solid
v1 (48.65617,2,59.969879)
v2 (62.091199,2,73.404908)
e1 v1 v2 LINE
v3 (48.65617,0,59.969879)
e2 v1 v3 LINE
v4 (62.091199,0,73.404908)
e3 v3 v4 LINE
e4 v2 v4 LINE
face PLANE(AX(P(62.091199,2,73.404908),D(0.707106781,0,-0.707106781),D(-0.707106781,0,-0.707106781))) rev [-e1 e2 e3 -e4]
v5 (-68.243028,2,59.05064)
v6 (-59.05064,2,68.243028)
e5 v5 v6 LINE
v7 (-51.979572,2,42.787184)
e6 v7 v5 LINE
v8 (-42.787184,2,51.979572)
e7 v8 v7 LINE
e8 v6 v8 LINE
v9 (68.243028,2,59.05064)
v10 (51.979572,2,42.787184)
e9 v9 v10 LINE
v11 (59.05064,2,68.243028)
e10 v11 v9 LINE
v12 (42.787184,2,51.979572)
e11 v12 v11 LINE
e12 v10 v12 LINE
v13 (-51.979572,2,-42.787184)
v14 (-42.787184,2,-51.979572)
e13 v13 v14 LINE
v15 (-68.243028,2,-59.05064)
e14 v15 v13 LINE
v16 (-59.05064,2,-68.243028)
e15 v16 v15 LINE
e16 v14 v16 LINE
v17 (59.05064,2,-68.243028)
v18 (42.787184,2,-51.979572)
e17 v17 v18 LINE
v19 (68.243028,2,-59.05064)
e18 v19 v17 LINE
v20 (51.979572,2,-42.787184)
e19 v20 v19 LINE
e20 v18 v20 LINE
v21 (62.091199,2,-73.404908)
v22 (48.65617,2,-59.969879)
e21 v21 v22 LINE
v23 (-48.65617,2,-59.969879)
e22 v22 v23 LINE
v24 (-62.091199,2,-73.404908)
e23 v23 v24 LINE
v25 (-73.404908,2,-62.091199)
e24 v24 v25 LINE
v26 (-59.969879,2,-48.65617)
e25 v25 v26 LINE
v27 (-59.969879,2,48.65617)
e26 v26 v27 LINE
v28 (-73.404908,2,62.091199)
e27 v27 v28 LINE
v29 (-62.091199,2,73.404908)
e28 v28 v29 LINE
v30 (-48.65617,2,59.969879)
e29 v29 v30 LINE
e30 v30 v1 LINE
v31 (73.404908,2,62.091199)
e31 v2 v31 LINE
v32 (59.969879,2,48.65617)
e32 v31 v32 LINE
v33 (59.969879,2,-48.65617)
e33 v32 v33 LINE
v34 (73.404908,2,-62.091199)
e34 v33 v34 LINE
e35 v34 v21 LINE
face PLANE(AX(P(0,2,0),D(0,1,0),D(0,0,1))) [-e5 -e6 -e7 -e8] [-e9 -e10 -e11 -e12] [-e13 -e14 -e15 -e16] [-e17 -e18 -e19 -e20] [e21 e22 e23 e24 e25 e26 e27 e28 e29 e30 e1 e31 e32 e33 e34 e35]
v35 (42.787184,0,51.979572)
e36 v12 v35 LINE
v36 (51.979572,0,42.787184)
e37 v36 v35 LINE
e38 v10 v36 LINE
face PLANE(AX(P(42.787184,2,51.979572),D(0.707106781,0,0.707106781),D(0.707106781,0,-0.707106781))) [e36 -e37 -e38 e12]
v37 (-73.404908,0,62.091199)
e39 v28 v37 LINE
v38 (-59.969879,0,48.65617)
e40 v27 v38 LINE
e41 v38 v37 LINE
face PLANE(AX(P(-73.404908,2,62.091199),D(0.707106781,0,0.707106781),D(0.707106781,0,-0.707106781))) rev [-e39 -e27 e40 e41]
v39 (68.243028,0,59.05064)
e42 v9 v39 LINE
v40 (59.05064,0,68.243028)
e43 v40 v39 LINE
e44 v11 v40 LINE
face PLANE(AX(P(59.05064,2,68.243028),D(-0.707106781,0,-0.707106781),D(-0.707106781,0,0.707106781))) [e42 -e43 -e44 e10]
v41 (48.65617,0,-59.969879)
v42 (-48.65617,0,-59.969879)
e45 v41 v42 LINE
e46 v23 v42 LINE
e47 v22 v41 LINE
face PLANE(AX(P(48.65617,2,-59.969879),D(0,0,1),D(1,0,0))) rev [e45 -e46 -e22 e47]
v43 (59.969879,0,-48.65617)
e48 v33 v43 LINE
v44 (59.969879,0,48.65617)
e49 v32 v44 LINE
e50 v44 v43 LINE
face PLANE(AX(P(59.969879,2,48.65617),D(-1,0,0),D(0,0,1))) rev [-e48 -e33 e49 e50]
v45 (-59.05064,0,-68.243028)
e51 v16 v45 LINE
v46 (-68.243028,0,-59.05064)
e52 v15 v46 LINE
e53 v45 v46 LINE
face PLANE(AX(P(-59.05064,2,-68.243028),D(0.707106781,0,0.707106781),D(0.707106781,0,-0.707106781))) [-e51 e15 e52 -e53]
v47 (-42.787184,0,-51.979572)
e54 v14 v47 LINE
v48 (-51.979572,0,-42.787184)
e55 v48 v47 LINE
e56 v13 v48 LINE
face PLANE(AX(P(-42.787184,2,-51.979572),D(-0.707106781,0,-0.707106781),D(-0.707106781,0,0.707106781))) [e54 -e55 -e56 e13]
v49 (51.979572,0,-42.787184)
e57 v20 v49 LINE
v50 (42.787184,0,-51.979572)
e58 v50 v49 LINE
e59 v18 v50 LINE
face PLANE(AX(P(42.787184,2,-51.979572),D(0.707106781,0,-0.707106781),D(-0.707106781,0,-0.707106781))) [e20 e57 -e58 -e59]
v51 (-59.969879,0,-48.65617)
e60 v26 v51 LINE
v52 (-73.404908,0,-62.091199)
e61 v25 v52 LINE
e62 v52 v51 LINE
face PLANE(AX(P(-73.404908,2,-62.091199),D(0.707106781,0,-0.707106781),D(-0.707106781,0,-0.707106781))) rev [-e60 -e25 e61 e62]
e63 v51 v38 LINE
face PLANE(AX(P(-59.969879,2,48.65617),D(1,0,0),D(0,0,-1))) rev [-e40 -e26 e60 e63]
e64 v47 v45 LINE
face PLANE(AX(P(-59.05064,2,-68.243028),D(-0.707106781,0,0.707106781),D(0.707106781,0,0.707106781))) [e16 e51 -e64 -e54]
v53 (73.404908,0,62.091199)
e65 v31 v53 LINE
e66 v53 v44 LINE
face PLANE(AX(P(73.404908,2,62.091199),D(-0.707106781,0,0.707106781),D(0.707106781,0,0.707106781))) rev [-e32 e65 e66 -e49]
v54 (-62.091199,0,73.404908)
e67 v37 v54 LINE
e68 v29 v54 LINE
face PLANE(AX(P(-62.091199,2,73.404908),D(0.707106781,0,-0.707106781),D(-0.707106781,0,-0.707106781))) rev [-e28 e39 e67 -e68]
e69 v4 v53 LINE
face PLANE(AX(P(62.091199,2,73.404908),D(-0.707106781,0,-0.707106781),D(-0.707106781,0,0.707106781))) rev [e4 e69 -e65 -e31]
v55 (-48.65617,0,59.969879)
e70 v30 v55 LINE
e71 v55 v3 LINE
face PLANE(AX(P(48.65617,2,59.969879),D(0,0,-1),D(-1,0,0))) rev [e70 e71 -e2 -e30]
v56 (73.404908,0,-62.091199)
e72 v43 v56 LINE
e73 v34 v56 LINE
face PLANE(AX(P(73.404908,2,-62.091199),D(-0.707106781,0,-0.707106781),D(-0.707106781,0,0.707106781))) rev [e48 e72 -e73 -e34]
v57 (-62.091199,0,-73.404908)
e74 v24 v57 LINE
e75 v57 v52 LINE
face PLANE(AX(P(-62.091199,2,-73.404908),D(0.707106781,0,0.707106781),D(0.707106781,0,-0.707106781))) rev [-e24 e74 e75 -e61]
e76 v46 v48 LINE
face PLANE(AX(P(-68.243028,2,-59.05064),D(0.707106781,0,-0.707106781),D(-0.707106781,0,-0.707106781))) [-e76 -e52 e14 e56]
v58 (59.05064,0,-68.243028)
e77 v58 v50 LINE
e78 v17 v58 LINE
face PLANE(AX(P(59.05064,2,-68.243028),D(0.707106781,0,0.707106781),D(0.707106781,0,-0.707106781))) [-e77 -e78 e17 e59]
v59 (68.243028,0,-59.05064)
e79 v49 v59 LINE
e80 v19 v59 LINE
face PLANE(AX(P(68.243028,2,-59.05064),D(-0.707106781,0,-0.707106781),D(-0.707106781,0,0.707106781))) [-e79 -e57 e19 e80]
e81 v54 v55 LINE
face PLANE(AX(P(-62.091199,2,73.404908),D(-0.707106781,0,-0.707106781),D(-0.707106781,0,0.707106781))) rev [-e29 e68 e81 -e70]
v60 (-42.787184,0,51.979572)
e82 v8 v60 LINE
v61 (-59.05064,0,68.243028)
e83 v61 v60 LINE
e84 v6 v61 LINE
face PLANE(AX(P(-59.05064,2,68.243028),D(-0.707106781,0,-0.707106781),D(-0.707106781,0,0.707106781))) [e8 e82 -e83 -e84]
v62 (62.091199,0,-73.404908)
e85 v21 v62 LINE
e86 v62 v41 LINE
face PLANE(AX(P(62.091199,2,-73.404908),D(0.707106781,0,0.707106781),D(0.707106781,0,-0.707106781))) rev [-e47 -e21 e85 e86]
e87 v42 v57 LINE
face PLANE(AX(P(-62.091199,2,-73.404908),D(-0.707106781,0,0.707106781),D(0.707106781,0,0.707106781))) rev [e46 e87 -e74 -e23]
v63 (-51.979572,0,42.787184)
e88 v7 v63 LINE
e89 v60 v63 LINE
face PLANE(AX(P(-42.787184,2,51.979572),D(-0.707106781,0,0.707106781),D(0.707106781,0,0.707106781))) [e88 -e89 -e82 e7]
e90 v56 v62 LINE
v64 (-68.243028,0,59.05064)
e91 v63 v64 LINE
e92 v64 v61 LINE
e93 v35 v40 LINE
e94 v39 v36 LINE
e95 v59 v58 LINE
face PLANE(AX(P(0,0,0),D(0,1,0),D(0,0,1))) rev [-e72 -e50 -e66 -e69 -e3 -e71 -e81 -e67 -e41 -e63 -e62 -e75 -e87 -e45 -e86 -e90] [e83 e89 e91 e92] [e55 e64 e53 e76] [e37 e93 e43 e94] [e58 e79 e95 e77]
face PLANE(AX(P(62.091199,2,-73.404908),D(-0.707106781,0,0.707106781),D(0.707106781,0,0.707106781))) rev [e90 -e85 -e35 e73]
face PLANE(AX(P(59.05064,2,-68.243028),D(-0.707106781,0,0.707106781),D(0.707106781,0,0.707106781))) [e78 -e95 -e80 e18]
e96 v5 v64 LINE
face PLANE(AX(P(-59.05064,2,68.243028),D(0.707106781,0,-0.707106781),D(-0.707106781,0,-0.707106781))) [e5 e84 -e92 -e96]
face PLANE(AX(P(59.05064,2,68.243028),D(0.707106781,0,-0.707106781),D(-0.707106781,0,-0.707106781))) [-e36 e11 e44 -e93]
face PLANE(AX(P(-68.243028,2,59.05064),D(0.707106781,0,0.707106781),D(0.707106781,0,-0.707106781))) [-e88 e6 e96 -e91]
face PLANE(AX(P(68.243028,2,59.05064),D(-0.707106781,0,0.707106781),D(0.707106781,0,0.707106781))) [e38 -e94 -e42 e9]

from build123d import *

# Parameters (mm, degrees)
BOSS_EXTRUDE1_DEPTH = 2


with BuildPart() as part:
    # Sketch1 → Boss-Extrude1 (new body)
    with BuildSketch(Plane(origin=(0, 0, 0), x_dir=(1, 0, 0), z_dir=(0, 1, 0))):
        Polygon((48.656170244, -59.969878742), (-48.656170244, -59.969878742), (-62.091199086, -73.404907585), (-73.404907585, -62.091199086), (-59.969878742, -48.656170244), (-59.969878742, 48.656170244), (-73.404907585, 62.091199086), (-62.091199086, 73.404907585), (-48.656170244, 59.969878742), (48.656170244, 59.969878742), (62.091199086, 73.404907585), (73.404907585, 62.091199086), (59.969878742, 48.656170244), (59.969878742, -48.656170244), (73.404907585, -62.091199086), (62.091199086, -73.404907585), align=None)
        Polygon((59.050639927, 68.243028082), (68.243028082, 59.050639927), (51.979572115, 42.78718396), (42.78718396, 51.979572115), align=None, mode=Mode.SUBTRACT)
        Polygon((68.243028082, -59.050639927), (51.979572115, -42.78718396), (42.78718396, -51.979572115), (59.050639927, -68.243028082), align=None, mode=Mode.SUBTRACT)
        Polygon((-59.050639927, -68.243028082), (-68.243028082, -59.050639927), (-51.979572115, -42.78718396), (-42.78718396, -51.979572115), align=None, mode=Mode.SUBTRACT)
        Polygon((-68.243028082, 59.050639927), (-51.979572115, 42.78718396), (-42.78718396, 51.979572115), (-59.050639927, 68.243028082), align=None, mode=Mode.SUBTRACT)
    extrude(amount=BOSS_EXTRUDE1_DEPTH)


solid = part.part
